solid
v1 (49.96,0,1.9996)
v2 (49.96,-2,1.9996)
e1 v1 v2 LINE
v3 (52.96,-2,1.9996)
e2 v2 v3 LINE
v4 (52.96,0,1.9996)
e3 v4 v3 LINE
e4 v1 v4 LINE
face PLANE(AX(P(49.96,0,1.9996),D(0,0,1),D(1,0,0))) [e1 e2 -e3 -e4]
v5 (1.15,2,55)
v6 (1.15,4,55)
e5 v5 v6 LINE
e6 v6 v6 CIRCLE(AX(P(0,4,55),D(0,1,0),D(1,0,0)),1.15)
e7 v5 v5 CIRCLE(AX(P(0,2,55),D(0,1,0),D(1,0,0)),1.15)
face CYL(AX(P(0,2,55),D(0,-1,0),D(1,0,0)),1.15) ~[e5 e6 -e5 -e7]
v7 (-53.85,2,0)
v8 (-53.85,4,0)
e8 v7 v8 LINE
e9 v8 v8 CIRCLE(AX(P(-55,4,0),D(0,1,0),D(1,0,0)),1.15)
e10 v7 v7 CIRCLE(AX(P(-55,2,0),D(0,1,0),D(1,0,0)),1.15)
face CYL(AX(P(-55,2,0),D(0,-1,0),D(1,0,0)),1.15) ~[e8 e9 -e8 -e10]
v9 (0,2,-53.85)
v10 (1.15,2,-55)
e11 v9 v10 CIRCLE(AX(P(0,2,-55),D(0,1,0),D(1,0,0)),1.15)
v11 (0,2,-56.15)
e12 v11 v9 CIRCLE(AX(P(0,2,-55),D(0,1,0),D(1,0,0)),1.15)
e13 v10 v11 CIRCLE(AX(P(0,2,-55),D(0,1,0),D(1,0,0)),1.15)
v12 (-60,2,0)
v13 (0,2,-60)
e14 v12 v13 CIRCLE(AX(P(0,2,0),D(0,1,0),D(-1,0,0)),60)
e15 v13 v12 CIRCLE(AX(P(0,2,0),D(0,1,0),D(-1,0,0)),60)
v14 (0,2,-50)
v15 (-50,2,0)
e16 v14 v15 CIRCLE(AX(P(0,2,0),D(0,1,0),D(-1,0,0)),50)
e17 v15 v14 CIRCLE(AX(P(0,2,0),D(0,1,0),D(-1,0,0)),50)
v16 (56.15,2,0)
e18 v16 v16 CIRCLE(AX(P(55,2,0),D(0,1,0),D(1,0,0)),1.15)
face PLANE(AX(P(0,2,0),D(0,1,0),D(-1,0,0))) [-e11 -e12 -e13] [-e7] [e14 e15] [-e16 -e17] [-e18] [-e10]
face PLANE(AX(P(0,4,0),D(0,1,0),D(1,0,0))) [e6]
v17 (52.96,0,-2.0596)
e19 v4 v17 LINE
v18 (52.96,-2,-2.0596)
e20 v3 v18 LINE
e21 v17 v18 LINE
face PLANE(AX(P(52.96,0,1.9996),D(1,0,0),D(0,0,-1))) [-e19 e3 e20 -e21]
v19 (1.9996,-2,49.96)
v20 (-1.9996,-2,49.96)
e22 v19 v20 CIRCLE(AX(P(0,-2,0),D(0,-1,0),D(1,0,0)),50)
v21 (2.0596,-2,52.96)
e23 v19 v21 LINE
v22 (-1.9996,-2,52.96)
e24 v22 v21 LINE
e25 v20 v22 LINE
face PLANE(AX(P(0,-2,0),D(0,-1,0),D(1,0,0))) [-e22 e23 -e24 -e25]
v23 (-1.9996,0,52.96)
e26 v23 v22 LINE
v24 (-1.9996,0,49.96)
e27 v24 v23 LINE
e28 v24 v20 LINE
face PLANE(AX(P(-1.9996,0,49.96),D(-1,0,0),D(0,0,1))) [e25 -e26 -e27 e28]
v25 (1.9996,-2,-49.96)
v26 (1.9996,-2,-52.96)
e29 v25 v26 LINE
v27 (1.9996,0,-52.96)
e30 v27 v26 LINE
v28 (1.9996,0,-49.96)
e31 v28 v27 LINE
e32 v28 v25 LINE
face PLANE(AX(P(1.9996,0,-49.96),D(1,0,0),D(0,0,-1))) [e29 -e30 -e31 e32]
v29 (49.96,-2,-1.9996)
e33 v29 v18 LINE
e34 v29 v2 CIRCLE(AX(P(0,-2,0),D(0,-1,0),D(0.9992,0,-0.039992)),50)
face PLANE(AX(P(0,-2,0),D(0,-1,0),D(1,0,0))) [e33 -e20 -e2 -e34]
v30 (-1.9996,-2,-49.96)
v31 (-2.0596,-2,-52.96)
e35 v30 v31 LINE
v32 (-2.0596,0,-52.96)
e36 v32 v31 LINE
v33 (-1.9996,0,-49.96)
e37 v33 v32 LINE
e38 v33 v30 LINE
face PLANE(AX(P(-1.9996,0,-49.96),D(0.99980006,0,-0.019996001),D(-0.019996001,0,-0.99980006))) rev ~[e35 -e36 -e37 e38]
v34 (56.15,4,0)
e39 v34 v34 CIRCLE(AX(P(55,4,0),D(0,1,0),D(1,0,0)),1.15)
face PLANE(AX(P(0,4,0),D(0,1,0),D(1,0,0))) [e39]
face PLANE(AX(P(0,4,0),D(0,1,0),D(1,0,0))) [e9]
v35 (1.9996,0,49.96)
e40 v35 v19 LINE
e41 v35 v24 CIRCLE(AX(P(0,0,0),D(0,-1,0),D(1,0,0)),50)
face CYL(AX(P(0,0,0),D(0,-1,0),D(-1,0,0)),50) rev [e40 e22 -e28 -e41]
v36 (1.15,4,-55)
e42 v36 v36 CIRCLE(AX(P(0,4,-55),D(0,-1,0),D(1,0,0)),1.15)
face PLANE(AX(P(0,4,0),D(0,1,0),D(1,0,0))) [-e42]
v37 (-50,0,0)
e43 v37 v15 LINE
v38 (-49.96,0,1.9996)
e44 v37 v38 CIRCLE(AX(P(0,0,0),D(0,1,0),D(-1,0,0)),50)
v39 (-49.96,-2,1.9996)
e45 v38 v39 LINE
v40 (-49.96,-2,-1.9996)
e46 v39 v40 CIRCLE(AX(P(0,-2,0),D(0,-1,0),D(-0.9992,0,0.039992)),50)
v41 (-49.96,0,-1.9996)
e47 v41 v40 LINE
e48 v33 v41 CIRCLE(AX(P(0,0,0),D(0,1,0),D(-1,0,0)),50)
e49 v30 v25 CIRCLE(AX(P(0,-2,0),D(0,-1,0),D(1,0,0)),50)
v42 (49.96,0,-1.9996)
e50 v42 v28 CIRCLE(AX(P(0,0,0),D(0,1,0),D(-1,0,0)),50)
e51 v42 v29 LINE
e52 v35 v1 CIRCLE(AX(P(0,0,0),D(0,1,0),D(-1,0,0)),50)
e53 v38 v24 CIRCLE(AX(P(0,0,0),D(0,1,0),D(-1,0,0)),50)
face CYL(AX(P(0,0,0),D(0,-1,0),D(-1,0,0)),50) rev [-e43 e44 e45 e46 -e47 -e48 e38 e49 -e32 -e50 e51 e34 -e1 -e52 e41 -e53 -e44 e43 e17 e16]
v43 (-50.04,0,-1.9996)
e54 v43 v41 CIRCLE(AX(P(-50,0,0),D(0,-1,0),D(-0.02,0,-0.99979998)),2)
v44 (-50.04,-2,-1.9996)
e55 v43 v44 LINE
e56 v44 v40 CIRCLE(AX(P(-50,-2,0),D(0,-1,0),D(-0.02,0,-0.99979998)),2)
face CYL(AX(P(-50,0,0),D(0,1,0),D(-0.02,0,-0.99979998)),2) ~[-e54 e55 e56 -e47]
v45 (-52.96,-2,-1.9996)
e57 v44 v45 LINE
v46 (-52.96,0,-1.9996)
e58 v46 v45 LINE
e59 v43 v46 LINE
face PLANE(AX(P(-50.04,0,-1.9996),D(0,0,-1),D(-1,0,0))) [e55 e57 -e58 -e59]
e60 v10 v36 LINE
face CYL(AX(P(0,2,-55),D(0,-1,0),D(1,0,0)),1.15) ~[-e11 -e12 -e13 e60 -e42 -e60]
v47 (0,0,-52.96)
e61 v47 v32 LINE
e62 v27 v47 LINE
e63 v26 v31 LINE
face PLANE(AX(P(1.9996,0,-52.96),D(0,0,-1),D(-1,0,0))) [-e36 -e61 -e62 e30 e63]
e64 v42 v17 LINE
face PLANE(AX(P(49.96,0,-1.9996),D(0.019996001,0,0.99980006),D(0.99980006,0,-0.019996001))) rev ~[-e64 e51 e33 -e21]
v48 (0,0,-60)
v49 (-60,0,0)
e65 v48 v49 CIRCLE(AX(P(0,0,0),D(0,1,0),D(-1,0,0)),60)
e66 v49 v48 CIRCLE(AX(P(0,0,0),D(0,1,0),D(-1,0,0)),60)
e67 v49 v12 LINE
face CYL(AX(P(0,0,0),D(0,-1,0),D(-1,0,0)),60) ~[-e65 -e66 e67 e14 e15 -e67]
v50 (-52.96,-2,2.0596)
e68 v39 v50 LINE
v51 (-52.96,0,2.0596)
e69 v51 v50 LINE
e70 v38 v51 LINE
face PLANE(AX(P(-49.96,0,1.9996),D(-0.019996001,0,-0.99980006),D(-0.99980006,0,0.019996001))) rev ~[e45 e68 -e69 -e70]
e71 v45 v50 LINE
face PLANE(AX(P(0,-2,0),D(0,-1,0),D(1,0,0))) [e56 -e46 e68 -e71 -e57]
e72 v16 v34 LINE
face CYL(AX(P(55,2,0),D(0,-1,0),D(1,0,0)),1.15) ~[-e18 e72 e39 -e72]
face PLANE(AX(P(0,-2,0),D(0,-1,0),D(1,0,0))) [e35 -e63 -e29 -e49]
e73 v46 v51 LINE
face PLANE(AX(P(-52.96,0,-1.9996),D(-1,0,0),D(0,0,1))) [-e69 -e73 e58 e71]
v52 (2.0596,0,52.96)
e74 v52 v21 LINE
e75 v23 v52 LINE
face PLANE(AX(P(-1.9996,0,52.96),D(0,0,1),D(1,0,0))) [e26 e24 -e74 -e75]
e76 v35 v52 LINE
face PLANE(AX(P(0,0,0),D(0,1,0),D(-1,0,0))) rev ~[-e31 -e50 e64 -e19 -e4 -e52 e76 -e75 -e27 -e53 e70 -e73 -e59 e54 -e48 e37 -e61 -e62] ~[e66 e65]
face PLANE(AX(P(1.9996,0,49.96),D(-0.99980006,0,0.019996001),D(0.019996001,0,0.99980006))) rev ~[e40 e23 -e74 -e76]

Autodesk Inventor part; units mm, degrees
ref_plane "YZ Plane" through (0, 0, 0) normal (1, 0, 0) x (0, 1, 0)
ref_plane "XZ Plane" through (0, 0, 0) normal (0, 1, 0) x (-1, 0, 0)
ref_plane "XY Plane" through (0, 0, 0) normal (0, 0, 1) x (1, 0, 0)
sketch "Boceto1" plane through (0, 0, 0) normal (0, 1, 0) x (-1, 0, 0)
  circle A0 centre (0, 0) radius 60
  circle A1 centre (0, 0) radius 50
  line L0 (0, 0) -> (0, -60)
  line L1 (0, -60) -> (0, -50)
  circle A2 centre (0, -55) radius 1.15
  dimension "d0" = 120
  dimension "d1" = 100
  dimension "d2" = 2.3
extrude "Extrusión1" add sketch "Boceto1" along normal blind 2 contours A2 L0 | L0 A2 | A0
sketch "Boceto2" plane through (0, 2, 0) normal (0, 1, 0) x (1, 0, 0)
  circle A0 centre (0, 0) radius 50 projected
  line L0 (0, 50) -> (0, 60)
  circle A1 centre (0, 0) radius 60 projected
  circle A2 centre (0, 55) radius 1.15
  circle A3 centre (-55, 0) radius 1.15
  circle A4 centre (0, -55) radius 1.15
  circle A5 centre (55, 0) radius 1.15
  dimension "d5" = 2.3
  dimension "d8" = 360
extrude "Extrusión2" add sketch "Boceto2" along normal blind 2 contours A2 L0 | L0 A2 | A3 | A4 | A5
sketch "Boceto3" plane through (0, 0, 0) normal (0, -1, 0) x (1, 0, 0)
  circle A0 centre (0, 0) radius 50 projected
  line L0 (-50, 0) -> (50, 0)
  arc A1 (-50.04, -1.9996) -> (-49.96, -1.9996) centre (-50, 0) ccw
  line L1 (-50.04, -1.9996) -> (-49.96, -1.9996)
  line L2 (-49.96, -1.9996) -> (-52.96, -1.9996)
  line L3 (-52.96, -1.9996) -> (-52.96, 2.2646)
  line L4 (-49.96, 1.9996) -> (-52.96, 2.0596)
  circle A2 centre (0, 0) radius 50
  line L5 (-28.2117, 44.8649) -> (-24.5188, 46.997)
  line L6 (-23.2483, 44.2664) -> (-24.6963, 46.8945)
  line L7 (-26.7117, 42.2668) -> (-28.2117, 44.8649)
  line L8 (24.7483, 46.8645) -> (28.4412, 44.7324)
  line L9 (26.7117, 42.2668) -> (28.2637, 44.8349)
  line L10 (23.2483, 44.2664) -> (24.7483, 46.8645)
  line L11 (52.96, 1.9996) -> (52.96, -2.2646)
  line L12 (49.96, -1.9996) -> (52.96, -2.0596)
  line L13 (49.96, 1.9996) -> (52.96, 1.9996)
  line L14 (28.2117, -44.8649) -> (24.5188, -46.997)
  line L15 (23.2483, -44.2664) -> (24.6963, -46.8945)
  line L16 (26.7117, -42.2668) -> (28.2117, -44.8649)
  line L17 (-24.7483, -46.8645) -> (-28.4412, -44.7324)
  line L18 (-26.7117, -42.2668) -> (-28.2637, -44.8349)
  line L19 (-23.2483, -44.2664) -> (-24.7483, -46.8645)
  line L20 (1.9996, -49.96) -> (1.9996, -52.96)
  line L21 (1.9996, -52.96) -> (-2.2646, -52.96)
  line L22 (-1.9996, -49.96) -> (-2.0596, -52.96)
  line L23 (49.96, 1.9996) -> (52.96, 1.9996)
  line L24 (52.96, 1.9996) -> (52.96, -2.2646)
  line L25 (49.96, -1.9996) -> (52.96, -2.0596)
  line L26 (-1.9996, 49.96) -> (-1.9996, 52.96)
  line L27 (-1.9996, 52.96) -> (2.2646, 52.96)
  line L28 (1.9996, 49.96) -> (2.0596, 52.96)
  point P0 (-52.96, 1.9996)
  point P1 (-24.7483, 46.8645)
  point P2 (-26.7517, 42.3361)
  point P3 (28.2117, 44.8649)
  point P4 (23.2883, 44.3357)
  point P5 (52.96, -1.9996)
  point P6 (50.04, 1.9996)
  point P7 (24.7483, -46.8645)
  point P8 (26.7517, -42.3361)
  point P9 (-28.2117, -44.8649)
  point P10 (-23.2883, -44.3357)
  point P11 (1.9996, -50.04)
  point P12 (-1.9996, -52.96)
  point P13 (50.04, 1.9996)
  point P14 (52.96, -1.9996)
  point P15 (-1.9996, 50.04)
  point P16 (1.9996, 52.96)
  dimension "d13" = 3
  dimension "d14" = 100
  dimension "d17" = 360
  dimension "d21" = 360
extrude "Extrusión3" add sketch "Boceto3" along normal blind 2 contours A0 L13 L11 L12 | A0 A1 L2 L3 L4 | A0 L26 L27 L28 | L20 L21 L22 A0
properties part number "ayudasoporte"
